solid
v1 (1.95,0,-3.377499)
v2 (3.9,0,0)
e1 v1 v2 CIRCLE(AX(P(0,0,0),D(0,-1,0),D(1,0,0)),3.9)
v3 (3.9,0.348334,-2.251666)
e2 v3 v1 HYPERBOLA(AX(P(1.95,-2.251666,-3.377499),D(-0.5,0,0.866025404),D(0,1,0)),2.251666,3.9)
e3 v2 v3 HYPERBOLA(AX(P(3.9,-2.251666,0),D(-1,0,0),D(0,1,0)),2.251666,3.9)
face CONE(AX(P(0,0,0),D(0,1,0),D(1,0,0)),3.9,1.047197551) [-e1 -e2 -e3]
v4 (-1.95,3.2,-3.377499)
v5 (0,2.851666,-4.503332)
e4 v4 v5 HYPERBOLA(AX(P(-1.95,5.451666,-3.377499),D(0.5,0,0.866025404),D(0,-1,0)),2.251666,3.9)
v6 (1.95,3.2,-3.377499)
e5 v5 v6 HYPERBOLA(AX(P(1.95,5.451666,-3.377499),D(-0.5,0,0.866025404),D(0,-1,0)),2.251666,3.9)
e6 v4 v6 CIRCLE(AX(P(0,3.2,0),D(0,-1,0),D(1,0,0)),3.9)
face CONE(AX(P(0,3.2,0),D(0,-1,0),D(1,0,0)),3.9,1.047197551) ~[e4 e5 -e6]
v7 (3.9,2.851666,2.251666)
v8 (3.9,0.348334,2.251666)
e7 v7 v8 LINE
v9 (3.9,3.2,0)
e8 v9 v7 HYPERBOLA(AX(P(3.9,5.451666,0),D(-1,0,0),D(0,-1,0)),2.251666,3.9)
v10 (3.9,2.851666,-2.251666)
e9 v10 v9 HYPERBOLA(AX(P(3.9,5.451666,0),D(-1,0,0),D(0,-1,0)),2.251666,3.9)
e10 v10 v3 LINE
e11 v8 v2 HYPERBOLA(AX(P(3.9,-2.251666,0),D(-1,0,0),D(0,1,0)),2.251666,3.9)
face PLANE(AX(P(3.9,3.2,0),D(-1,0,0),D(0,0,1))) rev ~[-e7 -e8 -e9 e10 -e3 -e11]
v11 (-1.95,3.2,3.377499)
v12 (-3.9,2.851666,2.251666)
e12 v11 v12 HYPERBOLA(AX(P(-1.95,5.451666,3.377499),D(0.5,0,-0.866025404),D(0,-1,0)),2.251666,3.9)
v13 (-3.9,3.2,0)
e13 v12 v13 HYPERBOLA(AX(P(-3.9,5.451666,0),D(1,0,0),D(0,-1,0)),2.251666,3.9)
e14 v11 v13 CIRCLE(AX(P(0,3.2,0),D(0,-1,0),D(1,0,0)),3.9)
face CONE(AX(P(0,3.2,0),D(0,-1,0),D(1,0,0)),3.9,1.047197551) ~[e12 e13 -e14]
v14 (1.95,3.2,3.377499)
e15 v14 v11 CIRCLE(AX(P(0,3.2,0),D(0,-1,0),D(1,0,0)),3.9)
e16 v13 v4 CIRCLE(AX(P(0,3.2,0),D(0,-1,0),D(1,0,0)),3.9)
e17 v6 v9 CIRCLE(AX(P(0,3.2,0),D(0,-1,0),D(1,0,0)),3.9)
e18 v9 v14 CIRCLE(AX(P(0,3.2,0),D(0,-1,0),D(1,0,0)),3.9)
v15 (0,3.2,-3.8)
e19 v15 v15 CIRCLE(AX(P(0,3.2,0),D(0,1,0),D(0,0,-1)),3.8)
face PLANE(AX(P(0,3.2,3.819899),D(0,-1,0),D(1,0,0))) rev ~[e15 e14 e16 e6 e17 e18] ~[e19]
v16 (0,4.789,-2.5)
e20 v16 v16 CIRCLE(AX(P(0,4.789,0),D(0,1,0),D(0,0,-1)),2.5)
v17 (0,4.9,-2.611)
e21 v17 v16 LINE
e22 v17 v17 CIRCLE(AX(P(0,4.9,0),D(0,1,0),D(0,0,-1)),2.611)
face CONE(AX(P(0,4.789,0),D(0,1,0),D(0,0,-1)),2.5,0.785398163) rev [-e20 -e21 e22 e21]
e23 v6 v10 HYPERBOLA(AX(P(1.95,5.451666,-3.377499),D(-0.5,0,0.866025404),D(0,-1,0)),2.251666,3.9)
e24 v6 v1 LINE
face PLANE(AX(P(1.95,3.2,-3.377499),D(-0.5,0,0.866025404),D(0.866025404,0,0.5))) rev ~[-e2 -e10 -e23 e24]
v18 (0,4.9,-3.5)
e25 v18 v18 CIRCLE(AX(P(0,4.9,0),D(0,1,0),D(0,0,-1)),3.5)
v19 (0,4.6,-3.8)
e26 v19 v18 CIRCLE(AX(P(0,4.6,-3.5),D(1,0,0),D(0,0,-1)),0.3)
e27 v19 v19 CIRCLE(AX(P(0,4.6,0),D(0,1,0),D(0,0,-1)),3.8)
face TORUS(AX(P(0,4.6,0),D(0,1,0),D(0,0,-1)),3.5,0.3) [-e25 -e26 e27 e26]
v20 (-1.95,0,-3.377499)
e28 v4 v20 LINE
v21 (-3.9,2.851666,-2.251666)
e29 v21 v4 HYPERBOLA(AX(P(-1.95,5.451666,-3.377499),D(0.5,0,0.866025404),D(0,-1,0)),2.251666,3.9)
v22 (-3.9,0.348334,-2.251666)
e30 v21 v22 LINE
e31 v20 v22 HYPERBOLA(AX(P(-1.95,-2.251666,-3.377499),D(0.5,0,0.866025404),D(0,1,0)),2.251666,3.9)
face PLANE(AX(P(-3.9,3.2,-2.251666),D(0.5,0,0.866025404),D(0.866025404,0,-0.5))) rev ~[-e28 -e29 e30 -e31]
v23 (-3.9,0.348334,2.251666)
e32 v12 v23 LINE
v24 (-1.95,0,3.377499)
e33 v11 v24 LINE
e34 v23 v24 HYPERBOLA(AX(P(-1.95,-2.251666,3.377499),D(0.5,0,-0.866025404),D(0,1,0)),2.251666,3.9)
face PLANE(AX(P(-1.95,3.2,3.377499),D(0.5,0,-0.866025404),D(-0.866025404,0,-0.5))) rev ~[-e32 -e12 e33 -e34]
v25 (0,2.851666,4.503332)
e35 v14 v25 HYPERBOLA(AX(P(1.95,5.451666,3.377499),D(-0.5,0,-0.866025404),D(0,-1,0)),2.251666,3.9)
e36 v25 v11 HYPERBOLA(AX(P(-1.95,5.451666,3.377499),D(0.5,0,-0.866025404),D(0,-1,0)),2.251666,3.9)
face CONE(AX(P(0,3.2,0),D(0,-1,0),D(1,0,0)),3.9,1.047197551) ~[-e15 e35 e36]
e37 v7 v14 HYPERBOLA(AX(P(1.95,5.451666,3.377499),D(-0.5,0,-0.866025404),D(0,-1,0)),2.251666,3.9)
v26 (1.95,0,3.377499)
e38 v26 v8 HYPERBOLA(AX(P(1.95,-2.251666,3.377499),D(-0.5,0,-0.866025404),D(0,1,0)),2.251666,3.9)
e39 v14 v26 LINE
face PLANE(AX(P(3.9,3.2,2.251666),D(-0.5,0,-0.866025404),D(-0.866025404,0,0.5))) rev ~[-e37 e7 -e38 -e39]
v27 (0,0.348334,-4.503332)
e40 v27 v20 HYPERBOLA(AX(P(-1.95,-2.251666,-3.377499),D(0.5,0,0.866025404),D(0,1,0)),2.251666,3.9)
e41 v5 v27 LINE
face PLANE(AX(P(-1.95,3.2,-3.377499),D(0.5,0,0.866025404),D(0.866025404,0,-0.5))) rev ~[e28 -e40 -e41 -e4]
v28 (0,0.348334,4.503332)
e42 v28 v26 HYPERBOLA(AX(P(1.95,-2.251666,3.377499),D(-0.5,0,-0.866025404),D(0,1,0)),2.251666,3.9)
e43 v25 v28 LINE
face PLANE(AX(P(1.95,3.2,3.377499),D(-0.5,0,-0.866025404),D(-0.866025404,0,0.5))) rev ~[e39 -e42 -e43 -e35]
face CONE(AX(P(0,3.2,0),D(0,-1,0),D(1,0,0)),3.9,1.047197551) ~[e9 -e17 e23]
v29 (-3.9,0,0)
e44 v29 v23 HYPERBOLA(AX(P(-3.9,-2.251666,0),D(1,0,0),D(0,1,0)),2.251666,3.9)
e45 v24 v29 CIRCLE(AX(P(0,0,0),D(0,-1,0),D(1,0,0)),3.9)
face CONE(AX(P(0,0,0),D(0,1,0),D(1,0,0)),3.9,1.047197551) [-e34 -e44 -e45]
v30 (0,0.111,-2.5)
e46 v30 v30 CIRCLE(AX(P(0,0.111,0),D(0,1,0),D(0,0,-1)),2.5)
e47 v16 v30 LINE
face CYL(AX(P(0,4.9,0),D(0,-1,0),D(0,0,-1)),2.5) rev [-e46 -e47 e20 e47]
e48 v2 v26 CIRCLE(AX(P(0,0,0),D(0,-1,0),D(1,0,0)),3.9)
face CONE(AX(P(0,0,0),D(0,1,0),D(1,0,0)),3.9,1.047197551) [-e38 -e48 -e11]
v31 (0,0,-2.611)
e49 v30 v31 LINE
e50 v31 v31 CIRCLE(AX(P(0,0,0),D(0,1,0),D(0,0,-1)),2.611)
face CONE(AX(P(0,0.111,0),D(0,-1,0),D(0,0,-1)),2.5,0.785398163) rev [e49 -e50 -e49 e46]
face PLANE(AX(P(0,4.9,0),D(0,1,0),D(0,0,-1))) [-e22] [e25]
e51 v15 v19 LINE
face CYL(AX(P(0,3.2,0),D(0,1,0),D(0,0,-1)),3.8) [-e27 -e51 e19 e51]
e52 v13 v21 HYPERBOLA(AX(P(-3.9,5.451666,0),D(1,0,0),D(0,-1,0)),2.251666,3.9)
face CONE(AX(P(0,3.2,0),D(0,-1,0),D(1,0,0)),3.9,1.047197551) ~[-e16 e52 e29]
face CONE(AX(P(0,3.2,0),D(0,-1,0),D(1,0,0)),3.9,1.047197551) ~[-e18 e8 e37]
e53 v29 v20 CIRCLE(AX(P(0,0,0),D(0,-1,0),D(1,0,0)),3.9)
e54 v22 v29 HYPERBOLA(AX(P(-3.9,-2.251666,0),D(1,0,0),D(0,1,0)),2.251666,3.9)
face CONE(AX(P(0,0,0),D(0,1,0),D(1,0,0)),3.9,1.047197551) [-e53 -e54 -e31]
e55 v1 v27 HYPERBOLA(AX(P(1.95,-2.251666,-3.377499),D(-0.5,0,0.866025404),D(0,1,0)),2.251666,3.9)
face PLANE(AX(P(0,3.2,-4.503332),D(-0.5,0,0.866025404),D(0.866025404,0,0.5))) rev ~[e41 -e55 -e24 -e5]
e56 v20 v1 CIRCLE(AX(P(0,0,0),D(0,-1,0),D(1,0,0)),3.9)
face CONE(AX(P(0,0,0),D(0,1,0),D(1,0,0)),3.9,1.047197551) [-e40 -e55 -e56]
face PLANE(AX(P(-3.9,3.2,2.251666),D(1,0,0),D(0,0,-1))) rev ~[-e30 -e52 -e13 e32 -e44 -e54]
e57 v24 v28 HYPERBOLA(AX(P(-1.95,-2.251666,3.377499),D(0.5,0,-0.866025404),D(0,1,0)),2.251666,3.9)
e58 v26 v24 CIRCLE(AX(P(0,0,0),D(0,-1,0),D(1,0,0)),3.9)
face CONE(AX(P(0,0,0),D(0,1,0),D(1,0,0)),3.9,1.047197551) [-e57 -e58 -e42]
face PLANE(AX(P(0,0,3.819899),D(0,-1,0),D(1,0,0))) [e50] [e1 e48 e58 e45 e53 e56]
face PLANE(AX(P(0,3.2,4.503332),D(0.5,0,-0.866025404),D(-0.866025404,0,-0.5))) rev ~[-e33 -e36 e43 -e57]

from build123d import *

# Parameters (mm, degrees)
EXTRUDE_START        = -3.2
EXTRUDE_1_DEPTH      = 3.2
SKETCH_2_3_OUTSIDE_W = 47.018
SKETCH_2_3_OUTSIDE_H = 48.224
SKETCH_2_3_OUTSIDE_R = 3.9
CUT_EXTRUDE_2_DEPTH  = 10
CUT_EXTRUDE_2_DRAFT  = -60
CUT_EXTRUDE_START    = -3.2
SKETCH_2_4_OUTSIDE_W = 53.646
SKETCH_2_4_OUTSIDE_H = 54.852
SKETCH_2_4_OUTSIDE_R = 3.9
CUT_EXTRUDE_3_DEPTH  = 11.91362431
CUT_EXTRUDE_3_DRAFT  = 60
FILLET_1_R           = 0.3
CHAMFER_2_SIZE       = 0.111


with BuildPart() as part:
    # 草图1 → 旋转1 (revolve)
    with BuildSketch(Plane.XY, mode=Mode.PRIVATE) as revolve_1_sk:
        Polygon((3.8, 4.9), (2.5, 4.9), (2.5, 0), (3.9, 0), (3.9, 3.2), (3.8, 3.2), align=None)
    revolve(revolve_1_sk.sketch.rotate(Axis((0, 0, 0), (0, 1, 0)), 90), axis=Axis((0, 0, 0), (0, 1, 0)))

    # 草图2 → 凸台-拉伸1 (add)
    with BuildSketch(Plane.XZ.offset(EXTRUDE_START)):
        with BuildLine():
            Line((1.950000027, 3.377499059), (0, 4.5033321))
            Line((0, 4.5033321), (-1.949999961, 3.377499097))
            ThreePointArc((-1.949999961, 3.377499097), (3.8e-08, 3.9), (1.950000027, 3.377499059))
        make_face()
        with BuildLine():
            ThreePointArc((-3.9, 0), (-3.377499063, 1.95000002), (-1.949999961, 3.377499097))
            Line((-1.949999961, 3.377499097), (-3.9, 2.25166605))
            Line((-3.9, 2.25166605), (-3.9, 0))
        make_face()
        with BuildLine():
            Line((3.9, 2.25166605), (1.950000027, 3.377499059))
            ThreePointArc((1.950000027, 3.377499059), (3.377499083, 1.949999986), (3.9, 0))
            Line((3.9, 0), (3.9, 2.25166605))
        make_face()
        with BuildLine():
            ThreePointArc((-1.950000108, -3.377499013), (-3.377499106, -1.949999946), (-3.9, 0))
            Line((-3.9, 0), (-3.9, -2.25166605))
            Line((-3.9, -2.25166605), (-1.950000108, -3.377499013))
        make_face()
        with BuildLine():
            Line((3.9, -2.25166605), (3.9, 0))
            ThreePointArc((3.9, 0), (3.377499044, -1.950000054), (1.949999892, -3.377499137))
            Line((1.949999892, -3.377499137), (3.9, -2.25166605))
        make_face()
        with BuildLine():
            ThreePointArc((1.949999892, -3.377499137), (-1.25e-07, -3.9), (-1.950000108, -3.377499013))
            Line((-1.950000108, -3.377499013), (0, -4.5033321))
            Line((0, -4.5033321), (1.949999892, -3.377499137))
        make_face()
    extrude(amount=EXTRUDE_1_DEPTH)


with BuildPart() as cut_extrude_2_tool:
    # 草图2<3> outside → 切除-拉伸2 (with draft: the straight prism first)
    with BuildSketch(Plane.XZ):
        Rectangle(SKETCH_2_3_OUTSIDE_W, SKETCH_2_3_OUTSIDE_H)
        Circle(SKETCH_2_3_OUTSIDE_R, mode=Mode.SUBTRACT)
    extrude(amount=-CUT_EXTRUDE_2_DEPTH)
    # 切除-拉伸2: the draft: its side faces are tilted about the plane it starts from
    cut_extrude_2_sides = [cut_extrude_2_tool.faces().sort_by_distance(p)[0] for p in [
        (0, 5, -24.112),
        (23.509, 5, 0),
        (0, 5, 24.112),
        (-23.509, 5, 0),
        (-3.9, 5, 0),
    ]]
    draft(cut_extrude_2_sides, Plane.XZ, CUT_EXTRUDE_2_DRAFT)


with BuildPart() as part_1:
    add(part.part)

    # 切除-拉伸2: cut by cut_extrude_2_tool
    add(cut_extrude_2_tool.part, mode=Mode.SUBTRACT)


with BuildPart() as cut_extrude_3_tool:
    # 草图2<4> outside → 切除-拉伸3 (with draft: the straight prism first)
    with BuildSketch(Plane.XZ.offset(CUT_EXTRUDE_START)):
        Rectangle(SKETCH_2_4_OUTSIDE_W, SKETCH_2_4_OUTSIDE_H)
        Circle(SKETCH_2_4_OUTSIDE_R, mode=Mode.SUBTRACT)
    extrude(amount=CUT_EXTRUDE_3_DEPTH)
    # 切除-拉伸3: the draft: its side faces are tilted about the plane it starts from
    cut_extrude_3_sides = [cut_extrude_3_tool.faces().sort_by_distance(p)[0] for p in [
        (0, -2.756812155, -27.426),
        (26.823, -2.756812155, 0),
        (0, -2.756812155, 27.426),
        (-26.823, -2.756812155, 0),
        (-3.9, -2.756812155, 0),
    ]]
    draft(cut_extrude_3_sides, Plane.XZ.offset(CUT_EXTRUDE_START), CUT_EXTRUDE_3_DRAFT)


with BuildPart() as part_2:
    add(part_1.part)

    # 切除-拉伸3: cut by cut_extrude_3_tool
    add(cut_extrude_3_tool.part, mode=Mode.SUBTRACT)

    # 圆角1
    fillet_1_edges = [part_2.edges().sort_by_distance(p)[0] for p in [
        (0, 4.9, 3.8),
    ]]
    fillet(fillet_1_edges, radius=FILLET_1_R)

    # 倒角2
    chamfer_2_edges = [part_2.edges().sort_by_distance(p)[0] for p in [
        (0, 0, 2.5),
        (0, 4.9, 2.5),
    ]]
    chamfer(chamfer_2_edges, length=CHAMFER_2_SIZE)


solid = part_2.part
